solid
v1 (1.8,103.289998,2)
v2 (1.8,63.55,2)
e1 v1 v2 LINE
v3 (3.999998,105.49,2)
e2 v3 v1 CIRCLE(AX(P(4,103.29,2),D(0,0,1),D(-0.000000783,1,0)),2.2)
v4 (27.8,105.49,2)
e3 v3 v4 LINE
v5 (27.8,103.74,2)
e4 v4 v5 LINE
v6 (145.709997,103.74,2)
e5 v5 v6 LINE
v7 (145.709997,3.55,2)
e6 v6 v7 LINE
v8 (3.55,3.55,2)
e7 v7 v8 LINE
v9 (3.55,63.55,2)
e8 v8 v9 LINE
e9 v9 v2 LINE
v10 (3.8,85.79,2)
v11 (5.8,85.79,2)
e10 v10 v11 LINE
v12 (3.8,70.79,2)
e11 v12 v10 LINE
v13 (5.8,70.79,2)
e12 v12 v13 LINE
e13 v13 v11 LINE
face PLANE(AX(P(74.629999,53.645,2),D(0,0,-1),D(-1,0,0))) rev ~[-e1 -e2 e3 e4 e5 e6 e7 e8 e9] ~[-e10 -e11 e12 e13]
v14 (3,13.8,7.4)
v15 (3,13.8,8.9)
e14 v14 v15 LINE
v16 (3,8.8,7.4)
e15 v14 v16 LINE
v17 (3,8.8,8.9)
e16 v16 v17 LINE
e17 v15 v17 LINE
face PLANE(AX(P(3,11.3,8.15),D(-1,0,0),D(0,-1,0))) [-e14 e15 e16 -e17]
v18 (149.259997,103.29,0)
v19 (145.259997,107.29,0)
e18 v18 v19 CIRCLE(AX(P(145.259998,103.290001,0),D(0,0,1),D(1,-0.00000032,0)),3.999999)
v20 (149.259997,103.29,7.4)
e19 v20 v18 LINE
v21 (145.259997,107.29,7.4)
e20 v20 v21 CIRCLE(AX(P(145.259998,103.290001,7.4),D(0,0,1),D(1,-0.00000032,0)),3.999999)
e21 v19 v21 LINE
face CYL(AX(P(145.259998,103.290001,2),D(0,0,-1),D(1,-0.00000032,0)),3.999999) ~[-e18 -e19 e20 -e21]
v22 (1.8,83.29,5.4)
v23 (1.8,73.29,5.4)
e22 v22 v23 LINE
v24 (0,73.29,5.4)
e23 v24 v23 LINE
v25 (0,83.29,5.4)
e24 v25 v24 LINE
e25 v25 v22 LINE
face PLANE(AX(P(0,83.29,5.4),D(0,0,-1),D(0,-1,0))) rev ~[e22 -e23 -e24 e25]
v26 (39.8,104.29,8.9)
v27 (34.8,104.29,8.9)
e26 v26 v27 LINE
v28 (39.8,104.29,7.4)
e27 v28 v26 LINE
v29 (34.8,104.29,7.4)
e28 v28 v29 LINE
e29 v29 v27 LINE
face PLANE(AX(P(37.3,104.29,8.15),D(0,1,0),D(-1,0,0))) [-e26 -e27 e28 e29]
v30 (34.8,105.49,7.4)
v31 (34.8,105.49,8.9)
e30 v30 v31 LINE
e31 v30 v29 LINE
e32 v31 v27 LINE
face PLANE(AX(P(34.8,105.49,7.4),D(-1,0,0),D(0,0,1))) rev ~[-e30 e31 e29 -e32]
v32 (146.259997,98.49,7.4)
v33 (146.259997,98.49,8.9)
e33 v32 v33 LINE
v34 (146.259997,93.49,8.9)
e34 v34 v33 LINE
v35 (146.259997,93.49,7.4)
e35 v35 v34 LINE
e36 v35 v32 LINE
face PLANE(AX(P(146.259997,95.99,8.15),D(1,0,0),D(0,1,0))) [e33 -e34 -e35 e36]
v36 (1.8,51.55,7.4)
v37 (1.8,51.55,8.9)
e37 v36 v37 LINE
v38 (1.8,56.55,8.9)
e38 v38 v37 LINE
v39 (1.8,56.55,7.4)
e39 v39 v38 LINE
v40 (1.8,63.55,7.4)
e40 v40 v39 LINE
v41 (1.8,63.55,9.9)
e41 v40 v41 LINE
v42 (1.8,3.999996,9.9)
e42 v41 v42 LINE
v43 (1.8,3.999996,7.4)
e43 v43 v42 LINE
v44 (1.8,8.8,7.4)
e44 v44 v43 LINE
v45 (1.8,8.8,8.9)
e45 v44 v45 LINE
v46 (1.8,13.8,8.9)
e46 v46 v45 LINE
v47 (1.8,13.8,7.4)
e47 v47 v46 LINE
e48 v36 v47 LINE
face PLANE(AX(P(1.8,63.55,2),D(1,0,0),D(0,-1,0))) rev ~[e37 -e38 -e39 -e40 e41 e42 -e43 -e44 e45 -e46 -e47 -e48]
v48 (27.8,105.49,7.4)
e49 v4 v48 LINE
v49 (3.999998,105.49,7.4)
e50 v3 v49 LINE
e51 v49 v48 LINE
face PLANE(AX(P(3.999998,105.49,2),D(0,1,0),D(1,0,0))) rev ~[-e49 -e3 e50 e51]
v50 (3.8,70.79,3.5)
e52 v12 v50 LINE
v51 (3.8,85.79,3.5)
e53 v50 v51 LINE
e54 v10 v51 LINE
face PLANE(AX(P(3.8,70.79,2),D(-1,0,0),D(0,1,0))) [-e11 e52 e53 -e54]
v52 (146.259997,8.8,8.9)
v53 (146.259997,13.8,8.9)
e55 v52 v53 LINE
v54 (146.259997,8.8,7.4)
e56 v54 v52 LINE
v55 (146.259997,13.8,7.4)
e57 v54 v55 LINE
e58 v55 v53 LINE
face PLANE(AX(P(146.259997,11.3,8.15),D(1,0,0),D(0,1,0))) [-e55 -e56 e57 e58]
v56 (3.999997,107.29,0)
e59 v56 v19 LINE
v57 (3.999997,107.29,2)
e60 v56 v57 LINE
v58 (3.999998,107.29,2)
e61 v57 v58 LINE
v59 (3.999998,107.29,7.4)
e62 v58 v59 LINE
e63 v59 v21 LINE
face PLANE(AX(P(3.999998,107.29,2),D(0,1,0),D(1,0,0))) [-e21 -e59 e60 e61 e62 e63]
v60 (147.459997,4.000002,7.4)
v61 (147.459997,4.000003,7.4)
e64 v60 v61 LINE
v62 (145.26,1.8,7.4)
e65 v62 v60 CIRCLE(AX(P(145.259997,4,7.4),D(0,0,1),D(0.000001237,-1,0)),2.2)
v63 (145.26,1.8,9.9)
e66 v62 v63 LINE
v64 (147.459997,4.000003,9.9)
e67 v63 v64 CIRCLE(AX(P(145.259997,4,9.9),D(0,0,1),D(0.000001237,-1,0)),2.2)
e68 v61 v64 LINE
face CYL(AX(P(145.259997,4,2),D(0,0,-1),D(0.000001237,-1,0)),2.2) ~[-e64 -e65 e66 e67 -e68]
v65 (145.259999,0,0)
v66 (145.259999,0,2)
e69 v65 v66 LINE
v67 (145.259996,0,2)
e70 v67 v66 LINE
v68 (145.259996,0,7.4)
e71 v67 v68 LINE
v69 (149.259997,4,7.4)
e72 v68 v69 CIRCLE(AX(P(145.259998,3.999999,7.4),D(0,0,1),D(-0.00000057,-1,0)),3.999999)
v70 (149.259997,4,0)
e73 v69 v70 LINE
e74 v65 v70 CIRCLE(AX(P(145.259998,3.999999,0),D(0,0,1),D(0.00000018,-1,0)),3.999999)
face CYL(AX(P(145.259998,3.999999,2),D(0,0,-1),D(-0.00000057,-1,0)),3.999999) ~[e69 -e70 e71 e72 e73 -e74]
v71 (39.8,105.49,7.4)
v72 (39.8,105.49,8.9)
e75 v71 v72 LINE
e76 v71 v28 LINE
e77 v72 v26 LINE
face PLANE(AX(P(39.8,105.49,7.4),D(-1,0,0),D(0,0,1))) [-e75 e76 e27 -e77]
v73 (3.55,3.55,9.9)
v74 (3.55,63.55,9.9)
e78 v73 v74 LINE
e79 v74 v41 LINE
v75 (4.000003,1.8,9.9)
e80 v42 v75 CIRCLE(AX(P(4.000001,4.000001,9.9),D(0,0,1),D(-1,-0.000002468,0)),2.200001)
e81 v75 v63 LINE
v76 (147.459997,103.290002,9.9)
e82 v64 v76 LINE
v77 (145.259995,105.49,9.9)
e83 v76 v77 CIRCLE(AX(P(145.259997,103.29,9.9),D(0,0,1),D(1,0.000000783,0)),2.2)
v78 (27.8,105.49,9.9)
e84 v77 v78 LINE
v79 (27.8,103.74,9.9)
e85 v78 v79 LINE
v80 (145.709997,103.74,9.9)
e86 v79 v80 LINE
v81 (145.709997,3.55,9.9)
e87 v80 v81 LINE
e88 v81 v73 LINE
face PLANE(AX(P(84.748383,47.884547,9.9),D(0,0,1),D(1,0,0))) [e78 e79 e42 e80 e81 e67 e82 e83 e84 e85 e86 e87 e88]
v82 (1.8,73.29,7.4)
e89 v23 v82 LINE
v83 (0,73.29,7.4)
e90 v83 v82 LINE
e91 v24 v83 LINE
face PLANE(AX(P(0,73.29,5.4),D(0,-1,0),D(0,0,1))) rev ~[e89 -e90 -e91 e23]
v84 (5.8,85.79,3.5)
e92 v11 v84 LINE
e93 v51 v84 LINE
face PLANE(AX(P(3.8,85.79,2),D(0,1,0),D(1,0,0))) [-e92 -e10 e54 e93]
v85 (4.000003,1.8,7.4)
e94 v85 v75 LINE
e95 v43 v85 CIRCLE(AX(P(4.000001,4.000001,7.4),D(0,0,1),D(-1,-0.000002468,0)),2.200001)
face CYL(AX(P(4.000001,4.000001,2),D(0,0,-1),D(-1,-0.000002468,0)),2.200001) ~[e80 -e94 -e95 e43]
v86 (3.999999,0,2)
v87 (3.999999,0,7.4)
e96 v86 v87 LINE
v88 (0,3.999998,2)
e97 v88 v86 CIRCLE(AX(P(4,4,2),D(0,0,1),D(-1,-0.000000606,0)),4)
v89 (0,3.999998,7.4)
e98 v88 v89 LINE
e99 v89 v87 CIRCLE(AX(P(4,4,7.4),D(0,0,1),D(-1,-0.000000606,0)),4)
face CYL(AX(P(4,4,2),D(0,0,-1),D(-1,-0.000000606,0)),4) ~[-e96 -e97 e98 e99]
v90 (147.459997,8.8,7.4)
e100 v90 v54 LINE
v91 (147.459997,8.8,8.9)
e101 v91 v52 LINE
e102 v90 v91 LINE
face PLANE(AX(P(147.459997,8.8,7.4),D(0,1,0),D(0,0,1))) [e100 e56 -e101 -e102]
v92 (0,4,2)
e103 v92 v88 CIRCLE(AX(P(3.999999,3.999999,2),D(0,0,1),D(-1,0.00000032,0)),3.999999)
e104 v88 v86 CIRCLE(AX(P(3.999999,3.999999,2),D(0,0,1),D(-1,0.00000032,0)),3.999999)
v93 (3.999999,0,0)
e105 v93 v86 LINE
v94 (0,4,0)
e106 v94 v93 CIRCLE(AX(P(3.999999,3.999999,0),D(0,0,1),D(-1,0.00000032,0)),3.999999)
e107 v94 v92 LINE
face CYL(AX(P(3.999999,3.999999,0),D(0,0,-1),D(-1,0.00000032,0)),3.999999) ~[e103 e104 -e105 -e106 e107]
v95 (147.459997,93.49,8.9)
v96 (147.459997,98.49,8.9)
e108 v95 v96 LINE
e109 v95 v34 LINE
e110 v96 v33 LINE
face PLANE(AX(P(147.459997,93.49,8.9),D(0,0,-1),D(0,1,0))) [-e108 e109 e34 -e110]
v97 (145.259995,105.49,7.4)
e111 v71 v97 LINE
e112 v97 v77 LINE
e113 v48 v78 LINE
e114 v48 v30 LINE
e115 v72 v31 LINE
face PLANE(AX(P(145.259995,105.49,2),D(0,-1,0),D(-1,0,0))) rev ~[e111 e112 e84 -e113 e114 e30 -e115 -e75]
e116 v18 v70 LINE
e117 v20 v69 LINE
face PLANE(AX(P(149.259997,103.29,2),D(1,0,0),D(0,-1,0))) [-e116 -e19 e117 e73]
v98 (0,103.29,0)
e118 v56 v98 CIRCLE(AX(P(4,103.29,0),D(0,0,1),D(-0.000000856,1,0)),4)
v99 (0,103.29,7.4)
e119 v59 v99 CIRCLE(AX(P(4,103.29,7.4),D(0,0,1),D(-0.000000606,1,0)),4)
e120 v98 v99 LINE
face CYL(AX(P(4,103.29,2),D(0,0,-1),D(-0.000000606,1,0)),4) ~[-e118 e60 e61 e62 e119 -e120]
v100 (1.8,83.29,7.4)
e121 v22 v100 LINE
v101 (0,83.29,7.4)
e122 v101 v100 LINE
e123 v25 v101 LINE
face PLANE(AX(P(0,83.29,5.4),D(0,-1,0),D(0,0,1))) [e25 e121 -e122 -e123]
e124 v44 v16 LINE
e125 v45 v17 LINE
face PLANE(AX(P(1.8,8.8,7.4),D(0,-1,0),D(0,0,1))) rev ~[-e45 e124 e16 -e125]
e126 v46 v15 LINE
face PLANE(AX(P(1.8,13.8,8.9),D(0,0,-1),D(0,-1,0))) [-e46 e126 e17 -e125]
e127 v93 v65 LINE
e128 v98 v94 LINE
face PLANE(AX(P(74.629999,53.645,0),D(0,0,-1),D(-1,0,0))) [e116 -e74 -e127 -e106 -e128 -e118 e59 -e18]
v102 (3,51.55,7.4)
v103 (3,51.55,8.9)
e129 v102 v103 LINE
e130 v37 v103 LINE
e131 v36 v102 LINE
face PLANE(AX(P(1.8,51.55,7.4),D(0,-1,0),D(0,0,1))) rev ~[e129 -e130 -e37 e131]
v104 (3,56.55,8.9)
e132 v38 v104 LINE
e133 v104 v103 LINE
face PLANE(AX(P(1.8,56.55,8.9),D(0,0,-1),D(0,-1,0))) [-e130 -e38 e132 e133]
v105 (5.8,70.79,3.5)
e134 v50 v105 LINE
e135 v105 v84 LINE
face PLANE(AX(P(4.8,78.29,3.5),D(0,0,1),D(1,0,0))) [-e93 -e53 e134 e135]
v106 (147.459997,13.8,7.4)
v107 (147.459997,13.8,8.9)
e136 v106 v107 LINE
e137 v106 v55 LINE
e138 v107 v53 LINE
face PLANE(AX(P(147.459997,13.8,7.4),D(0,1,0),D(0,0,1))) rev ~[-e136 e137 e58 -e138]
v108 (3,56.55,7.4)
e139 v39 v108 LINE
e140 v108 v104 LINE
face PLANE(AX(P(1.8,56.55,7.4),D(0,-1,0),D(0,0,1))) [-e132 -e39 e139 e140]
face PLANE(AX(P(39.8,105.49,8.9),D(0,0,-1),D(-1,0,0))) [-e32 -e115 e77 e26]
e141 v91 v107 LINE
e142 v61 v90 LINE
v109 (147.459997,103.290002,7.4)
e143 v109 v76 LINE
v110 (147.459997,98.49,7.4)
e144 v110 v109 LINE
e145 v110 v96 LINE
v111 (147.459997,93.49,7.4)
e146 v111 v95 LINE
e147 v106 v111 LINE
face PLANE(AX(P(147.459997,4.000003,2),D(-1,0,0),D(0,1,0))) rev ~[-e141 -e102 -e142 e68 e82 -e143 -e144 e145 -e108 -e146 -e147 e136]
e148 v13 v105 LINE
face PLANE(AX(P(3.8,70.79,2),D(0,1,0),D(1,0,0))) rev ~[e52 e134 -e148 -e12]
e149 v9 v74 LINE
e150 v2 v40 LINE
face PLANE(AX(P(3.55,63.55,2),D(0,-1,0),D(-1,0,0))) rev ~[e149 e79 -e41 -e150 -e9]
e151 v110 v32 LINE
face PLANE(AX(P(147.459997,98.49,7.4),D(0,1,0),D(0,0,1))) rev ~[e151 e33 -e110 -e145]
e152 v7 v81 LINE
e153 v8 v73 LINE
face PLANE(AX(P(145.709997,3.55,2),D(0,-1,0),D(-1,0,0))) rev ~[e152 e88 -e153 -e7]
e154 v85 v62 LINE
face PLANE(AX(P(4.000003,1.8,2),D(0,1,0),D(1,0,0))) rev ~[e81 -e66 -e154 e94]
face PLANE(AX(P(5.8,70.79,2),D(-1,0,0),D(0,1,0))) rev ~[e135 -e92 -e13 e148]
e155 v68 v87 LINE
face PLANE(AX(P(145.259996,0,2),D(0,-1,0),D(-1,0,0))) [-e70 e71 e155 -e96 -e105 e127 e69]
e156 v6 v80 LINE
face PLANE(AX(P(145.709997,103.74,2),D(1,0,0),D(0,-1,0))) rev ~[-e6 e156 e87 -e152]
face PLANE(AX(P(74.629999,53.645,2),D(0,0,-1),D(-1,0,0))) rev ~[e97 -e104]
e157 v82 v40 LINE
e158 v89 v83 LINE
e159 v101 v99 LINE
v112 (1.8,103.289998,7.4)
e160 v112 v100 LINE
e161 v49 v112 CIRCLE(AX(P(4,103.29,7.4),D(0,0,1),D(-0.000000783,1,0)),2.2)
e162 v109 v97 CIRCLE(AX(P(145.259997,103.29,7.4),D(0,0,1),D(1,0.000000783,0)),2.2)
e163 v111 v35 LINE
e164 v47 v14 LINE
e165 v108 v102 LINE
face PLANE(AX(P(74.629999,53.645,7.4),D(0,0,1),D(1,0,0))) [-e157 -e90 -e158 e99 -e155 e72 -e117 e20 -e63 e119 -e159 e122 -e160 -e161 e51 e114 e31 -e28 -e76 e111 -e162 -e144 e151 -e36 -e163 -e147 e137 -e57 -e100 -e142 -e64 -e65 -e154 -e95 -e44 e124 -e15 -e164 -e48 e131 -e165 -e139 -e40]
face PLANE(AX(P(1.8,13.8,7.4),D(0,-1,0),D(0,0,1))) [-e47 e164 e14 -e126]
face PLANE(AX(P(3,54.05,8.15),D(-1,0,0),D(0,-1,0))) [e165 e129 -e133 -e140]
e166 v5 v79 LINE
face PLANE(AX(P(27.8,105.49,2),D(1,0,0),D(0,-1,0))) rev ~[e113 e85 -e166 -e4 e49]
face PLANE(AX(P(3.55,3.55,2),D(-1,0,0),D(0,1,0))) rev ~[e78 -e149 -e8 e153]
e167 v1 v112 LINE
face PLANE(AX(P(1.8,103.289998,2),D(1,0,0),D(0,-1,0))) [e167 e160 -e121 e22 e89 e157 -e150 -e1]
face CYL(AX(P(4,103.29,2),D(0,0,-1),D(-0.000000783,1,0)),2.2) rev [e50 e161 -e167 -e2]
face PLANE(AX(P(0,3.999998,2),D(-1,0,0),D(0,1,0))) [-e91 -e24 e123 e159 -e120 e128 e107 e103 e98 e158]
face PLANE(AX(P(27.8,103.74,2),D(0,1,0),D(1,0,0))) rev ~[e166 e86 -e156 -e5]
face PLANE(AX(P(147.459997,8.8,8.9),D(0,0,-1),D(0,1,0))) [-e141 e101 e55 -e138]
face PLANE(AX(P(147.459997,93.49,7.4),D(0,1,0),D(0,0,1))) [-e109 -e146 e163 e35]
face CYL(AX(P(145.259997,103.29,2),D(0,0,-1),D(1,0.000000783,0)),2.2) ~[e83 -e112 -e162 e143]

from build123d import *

# Parameters (mm, degrees)
PAD_DEPTH       = 2
PAD001_DEPTH    = 5.4
PAD002_DEPTH    = 7.9
SKETCH003_W     = 10
SKETCH003_H     = 2
POCKET_DEPTH    = 1.8
SKETCH004_W     = 2
SKETCH004_H     = 15
PAD003_DEPTH    = 1.5
SKETCH005_W     = 5
SKETCH005_H     = 1.5
POCKET001_DEPTH = 1.2
SKETCH006_W     = 5
SKETCH006_H     = 1.5
POCKET002_DEPTH = 1.2
SKETCH007_W     = 5
SKETCH007_H     = 1.5
POCKET003_DEPTH = 1.2


with BuildPart() as part:
    # Sketch → Pad (new body)
    with BuildSketch(Plane.XY):
        with BuildLine():
            Line((149.259997, 103.29), (149.259997, 4))
            ThreePointArc((145.259999, 0), (148.088425, 1.171573), (149.259997, 4))
            Line((3.999999, 0), (145.259999, 0))
            ThreePointArc((0, 4), (1.171572, 1.171573), (3.999999, 0))
            Line((0, 103.29), (0, 4))
            ThreePointArc((3.999997, 107.29), (1.171572, 106.118426), (0, 103.29))
            Line((3.999997, 107.29), (145.259997, 107.29))
            ThreePointArc((149.259997, 103.29), (148.088425, 106.118427), (145.259997, 107.29))
        make_face()
    extrude(amount=PAD_DEPTH)

    # Sketch001 (on Face10 of Pad) → Pad001 (join)
    with BuildSketch(Plane.XY.offset(2)):
        with BuildLine():
            ThreePointArc((149.259997, 103.29), (148.088425, 106.118427), (145.259997, 107.29))
            Line((3.999998, 107.29), (145.259997, 107.29))
            ThreePointArc((3.999998, 107.29), (1.171572, 106.118426), (0, 103.29))
            Line((0, 3.999998), (0, 103.29))
            ThreePointArc((0, 3.999998), (1.171573, 1.171573), (3.999999, 0))
            Line((145.259996, 0), (3.999999, 0))
            ThreePointArc((145.259996, 0), (148.088424, 1.171572), (149.259997, 4))
            Line((149.259997, 103.29), (149.259997, 4))
        make_face()
        with BuildLine():
            Line((3.999998, 105.49), (145.259995, 105.49))
            ThreePointArc((147.459997, 103.290002), (146.815631, 104.845636), (145.259995, 105.49))
            Line((147.459997, 4.000002), (147.459997, 103.290002))
            ThreePointArc((145.26, 1.8), (146.815634, 2.444367), (147.459997, 4.000002))
            Line((4.000003, 1.8), (145.26, 1.8))
            ThreePointArc((1.8, 3.999996), (2.444368, 2.444363), (4.000003, 1.8))
            Line((1.8, 103.289998), (1.8, 3.999996))
            ThreePointArc((3.999998, 105.49), (2.444364, 104.845634), (1.8, 103.289998))
        make_face(mode=Mode.SUBTRACT)
    extrude(amount=PAD001_DEPTH)

    # Sketch002 (on Face10 of Pad001) → Pad002 (join)
    with BuildSketch(Plane.XY.offset(2)):
        with BuildLine():
            Line((145.709997, 103.74), (145.709997, 3.55))
            Line((145.709997, 3.55), (3.55, 3.55))
            Line((3.55, 3.55), (3.55, 63.55))
            Line((3.55, 63.55), (1.8, 63.55))
            Line((1.8, 63.55), (1.8, 3.999996))
            ThreePointArc((1.8, 3.999996), (2.444368, 2.444363), (4.000003, 1.8))
            Line((4.000003, 1.8), (145.26, 1.8))
            ThreePointArc((145.26, 1.8), (146.815634, 2.444367), (147.459997, 4.000003))
            Line((147.459997, 4.000003), (147.459997, 103.290002))
            ThreePointArc((147.459997, 103.290002), (146.815631, 104.845636), (145.259995, 105.49))
            Line((145.259995, 105.49), (27.8, 105.49))
            Line((27.8, 105.49), (27.8, 103.74))
            Line((27.8, 103.74), (145.709997, 103.74))
        make_face()
    extrude(amount=PAD002_DEPTH)

    # Sketch003 (on Face5 of Pad002) → Pocket (cut)
    with BuildSketch(Plane(origin=(0, 0, 0), x_dir=(0, -1, 0), z_dir=(-1, 0, 0))):
        with Locations((-78.29, 6.4)):
            Rectangle(SKETCH003_W, SKETCH003_H)
    extrude(amount=-POCKET_DEPTH, mode=Mode.SUBTRACT)

    # Sketch004 (on Face24 of Pocket) → Pad003 (join)
    with BuildSketch(Plane.XY.offset(2)):
        with Locations((4.8, 78.29)):
            Rectangle(SKETCH004_W, SKETCH004_H)
    extrude(amount=PAD003_DEPTH)

    # Sketch005 (on Face13 of Pad003) → Pocket001 (cut)
    with BuildSketch(Plane.YZ.offset(147.459997)):
        with Locations((11.3, 8.15)):
            Rectangle(SKETCH005_W, SKETCH005_H)
        with Locations((95.99, 8.15)):
            Rectangle(SKETCH005_W, SKETCH005_H)
    extrude(amount=-POCKET001_DEPTH, mode=Mode.SUBTRACT)

    # Sketch006 (on Face18 of Pocket001) → Pocket002 (cut)
    with BuildSketch(Plane(origin=(1.8, 0, 0), x_dir=(0, -1, 0), z_dir=(-1, 0, 0))):
        with Locations((-54.05, 8.15)):
            Rectangle(SKETCH006_W, SKETCH006_H)
        with Locations((-11.3, 8.15)):
            Rectangle(SKETCH006_W, SKETCH006_H)
    extrude(amount=-POCKET002_DEPTH, mode=Mode.SUBTRACT)

    # Sketch007 (on Face21 of Pocket002) → Pocket003 (cut)
    with BuildSketch(Plane(origin=(0, 105.49, 0), x_dir=(-1, 0, 0), z_dir=(0, 1, 0))):
        with Locations((-37.3, 8.15)):
            Rectangle(SKETCH007_W, SKETCH007_H)
    extrude(amount=-POCKET003_DEPTH, mode=Mode.SUBTRACT)


solid = part.part
